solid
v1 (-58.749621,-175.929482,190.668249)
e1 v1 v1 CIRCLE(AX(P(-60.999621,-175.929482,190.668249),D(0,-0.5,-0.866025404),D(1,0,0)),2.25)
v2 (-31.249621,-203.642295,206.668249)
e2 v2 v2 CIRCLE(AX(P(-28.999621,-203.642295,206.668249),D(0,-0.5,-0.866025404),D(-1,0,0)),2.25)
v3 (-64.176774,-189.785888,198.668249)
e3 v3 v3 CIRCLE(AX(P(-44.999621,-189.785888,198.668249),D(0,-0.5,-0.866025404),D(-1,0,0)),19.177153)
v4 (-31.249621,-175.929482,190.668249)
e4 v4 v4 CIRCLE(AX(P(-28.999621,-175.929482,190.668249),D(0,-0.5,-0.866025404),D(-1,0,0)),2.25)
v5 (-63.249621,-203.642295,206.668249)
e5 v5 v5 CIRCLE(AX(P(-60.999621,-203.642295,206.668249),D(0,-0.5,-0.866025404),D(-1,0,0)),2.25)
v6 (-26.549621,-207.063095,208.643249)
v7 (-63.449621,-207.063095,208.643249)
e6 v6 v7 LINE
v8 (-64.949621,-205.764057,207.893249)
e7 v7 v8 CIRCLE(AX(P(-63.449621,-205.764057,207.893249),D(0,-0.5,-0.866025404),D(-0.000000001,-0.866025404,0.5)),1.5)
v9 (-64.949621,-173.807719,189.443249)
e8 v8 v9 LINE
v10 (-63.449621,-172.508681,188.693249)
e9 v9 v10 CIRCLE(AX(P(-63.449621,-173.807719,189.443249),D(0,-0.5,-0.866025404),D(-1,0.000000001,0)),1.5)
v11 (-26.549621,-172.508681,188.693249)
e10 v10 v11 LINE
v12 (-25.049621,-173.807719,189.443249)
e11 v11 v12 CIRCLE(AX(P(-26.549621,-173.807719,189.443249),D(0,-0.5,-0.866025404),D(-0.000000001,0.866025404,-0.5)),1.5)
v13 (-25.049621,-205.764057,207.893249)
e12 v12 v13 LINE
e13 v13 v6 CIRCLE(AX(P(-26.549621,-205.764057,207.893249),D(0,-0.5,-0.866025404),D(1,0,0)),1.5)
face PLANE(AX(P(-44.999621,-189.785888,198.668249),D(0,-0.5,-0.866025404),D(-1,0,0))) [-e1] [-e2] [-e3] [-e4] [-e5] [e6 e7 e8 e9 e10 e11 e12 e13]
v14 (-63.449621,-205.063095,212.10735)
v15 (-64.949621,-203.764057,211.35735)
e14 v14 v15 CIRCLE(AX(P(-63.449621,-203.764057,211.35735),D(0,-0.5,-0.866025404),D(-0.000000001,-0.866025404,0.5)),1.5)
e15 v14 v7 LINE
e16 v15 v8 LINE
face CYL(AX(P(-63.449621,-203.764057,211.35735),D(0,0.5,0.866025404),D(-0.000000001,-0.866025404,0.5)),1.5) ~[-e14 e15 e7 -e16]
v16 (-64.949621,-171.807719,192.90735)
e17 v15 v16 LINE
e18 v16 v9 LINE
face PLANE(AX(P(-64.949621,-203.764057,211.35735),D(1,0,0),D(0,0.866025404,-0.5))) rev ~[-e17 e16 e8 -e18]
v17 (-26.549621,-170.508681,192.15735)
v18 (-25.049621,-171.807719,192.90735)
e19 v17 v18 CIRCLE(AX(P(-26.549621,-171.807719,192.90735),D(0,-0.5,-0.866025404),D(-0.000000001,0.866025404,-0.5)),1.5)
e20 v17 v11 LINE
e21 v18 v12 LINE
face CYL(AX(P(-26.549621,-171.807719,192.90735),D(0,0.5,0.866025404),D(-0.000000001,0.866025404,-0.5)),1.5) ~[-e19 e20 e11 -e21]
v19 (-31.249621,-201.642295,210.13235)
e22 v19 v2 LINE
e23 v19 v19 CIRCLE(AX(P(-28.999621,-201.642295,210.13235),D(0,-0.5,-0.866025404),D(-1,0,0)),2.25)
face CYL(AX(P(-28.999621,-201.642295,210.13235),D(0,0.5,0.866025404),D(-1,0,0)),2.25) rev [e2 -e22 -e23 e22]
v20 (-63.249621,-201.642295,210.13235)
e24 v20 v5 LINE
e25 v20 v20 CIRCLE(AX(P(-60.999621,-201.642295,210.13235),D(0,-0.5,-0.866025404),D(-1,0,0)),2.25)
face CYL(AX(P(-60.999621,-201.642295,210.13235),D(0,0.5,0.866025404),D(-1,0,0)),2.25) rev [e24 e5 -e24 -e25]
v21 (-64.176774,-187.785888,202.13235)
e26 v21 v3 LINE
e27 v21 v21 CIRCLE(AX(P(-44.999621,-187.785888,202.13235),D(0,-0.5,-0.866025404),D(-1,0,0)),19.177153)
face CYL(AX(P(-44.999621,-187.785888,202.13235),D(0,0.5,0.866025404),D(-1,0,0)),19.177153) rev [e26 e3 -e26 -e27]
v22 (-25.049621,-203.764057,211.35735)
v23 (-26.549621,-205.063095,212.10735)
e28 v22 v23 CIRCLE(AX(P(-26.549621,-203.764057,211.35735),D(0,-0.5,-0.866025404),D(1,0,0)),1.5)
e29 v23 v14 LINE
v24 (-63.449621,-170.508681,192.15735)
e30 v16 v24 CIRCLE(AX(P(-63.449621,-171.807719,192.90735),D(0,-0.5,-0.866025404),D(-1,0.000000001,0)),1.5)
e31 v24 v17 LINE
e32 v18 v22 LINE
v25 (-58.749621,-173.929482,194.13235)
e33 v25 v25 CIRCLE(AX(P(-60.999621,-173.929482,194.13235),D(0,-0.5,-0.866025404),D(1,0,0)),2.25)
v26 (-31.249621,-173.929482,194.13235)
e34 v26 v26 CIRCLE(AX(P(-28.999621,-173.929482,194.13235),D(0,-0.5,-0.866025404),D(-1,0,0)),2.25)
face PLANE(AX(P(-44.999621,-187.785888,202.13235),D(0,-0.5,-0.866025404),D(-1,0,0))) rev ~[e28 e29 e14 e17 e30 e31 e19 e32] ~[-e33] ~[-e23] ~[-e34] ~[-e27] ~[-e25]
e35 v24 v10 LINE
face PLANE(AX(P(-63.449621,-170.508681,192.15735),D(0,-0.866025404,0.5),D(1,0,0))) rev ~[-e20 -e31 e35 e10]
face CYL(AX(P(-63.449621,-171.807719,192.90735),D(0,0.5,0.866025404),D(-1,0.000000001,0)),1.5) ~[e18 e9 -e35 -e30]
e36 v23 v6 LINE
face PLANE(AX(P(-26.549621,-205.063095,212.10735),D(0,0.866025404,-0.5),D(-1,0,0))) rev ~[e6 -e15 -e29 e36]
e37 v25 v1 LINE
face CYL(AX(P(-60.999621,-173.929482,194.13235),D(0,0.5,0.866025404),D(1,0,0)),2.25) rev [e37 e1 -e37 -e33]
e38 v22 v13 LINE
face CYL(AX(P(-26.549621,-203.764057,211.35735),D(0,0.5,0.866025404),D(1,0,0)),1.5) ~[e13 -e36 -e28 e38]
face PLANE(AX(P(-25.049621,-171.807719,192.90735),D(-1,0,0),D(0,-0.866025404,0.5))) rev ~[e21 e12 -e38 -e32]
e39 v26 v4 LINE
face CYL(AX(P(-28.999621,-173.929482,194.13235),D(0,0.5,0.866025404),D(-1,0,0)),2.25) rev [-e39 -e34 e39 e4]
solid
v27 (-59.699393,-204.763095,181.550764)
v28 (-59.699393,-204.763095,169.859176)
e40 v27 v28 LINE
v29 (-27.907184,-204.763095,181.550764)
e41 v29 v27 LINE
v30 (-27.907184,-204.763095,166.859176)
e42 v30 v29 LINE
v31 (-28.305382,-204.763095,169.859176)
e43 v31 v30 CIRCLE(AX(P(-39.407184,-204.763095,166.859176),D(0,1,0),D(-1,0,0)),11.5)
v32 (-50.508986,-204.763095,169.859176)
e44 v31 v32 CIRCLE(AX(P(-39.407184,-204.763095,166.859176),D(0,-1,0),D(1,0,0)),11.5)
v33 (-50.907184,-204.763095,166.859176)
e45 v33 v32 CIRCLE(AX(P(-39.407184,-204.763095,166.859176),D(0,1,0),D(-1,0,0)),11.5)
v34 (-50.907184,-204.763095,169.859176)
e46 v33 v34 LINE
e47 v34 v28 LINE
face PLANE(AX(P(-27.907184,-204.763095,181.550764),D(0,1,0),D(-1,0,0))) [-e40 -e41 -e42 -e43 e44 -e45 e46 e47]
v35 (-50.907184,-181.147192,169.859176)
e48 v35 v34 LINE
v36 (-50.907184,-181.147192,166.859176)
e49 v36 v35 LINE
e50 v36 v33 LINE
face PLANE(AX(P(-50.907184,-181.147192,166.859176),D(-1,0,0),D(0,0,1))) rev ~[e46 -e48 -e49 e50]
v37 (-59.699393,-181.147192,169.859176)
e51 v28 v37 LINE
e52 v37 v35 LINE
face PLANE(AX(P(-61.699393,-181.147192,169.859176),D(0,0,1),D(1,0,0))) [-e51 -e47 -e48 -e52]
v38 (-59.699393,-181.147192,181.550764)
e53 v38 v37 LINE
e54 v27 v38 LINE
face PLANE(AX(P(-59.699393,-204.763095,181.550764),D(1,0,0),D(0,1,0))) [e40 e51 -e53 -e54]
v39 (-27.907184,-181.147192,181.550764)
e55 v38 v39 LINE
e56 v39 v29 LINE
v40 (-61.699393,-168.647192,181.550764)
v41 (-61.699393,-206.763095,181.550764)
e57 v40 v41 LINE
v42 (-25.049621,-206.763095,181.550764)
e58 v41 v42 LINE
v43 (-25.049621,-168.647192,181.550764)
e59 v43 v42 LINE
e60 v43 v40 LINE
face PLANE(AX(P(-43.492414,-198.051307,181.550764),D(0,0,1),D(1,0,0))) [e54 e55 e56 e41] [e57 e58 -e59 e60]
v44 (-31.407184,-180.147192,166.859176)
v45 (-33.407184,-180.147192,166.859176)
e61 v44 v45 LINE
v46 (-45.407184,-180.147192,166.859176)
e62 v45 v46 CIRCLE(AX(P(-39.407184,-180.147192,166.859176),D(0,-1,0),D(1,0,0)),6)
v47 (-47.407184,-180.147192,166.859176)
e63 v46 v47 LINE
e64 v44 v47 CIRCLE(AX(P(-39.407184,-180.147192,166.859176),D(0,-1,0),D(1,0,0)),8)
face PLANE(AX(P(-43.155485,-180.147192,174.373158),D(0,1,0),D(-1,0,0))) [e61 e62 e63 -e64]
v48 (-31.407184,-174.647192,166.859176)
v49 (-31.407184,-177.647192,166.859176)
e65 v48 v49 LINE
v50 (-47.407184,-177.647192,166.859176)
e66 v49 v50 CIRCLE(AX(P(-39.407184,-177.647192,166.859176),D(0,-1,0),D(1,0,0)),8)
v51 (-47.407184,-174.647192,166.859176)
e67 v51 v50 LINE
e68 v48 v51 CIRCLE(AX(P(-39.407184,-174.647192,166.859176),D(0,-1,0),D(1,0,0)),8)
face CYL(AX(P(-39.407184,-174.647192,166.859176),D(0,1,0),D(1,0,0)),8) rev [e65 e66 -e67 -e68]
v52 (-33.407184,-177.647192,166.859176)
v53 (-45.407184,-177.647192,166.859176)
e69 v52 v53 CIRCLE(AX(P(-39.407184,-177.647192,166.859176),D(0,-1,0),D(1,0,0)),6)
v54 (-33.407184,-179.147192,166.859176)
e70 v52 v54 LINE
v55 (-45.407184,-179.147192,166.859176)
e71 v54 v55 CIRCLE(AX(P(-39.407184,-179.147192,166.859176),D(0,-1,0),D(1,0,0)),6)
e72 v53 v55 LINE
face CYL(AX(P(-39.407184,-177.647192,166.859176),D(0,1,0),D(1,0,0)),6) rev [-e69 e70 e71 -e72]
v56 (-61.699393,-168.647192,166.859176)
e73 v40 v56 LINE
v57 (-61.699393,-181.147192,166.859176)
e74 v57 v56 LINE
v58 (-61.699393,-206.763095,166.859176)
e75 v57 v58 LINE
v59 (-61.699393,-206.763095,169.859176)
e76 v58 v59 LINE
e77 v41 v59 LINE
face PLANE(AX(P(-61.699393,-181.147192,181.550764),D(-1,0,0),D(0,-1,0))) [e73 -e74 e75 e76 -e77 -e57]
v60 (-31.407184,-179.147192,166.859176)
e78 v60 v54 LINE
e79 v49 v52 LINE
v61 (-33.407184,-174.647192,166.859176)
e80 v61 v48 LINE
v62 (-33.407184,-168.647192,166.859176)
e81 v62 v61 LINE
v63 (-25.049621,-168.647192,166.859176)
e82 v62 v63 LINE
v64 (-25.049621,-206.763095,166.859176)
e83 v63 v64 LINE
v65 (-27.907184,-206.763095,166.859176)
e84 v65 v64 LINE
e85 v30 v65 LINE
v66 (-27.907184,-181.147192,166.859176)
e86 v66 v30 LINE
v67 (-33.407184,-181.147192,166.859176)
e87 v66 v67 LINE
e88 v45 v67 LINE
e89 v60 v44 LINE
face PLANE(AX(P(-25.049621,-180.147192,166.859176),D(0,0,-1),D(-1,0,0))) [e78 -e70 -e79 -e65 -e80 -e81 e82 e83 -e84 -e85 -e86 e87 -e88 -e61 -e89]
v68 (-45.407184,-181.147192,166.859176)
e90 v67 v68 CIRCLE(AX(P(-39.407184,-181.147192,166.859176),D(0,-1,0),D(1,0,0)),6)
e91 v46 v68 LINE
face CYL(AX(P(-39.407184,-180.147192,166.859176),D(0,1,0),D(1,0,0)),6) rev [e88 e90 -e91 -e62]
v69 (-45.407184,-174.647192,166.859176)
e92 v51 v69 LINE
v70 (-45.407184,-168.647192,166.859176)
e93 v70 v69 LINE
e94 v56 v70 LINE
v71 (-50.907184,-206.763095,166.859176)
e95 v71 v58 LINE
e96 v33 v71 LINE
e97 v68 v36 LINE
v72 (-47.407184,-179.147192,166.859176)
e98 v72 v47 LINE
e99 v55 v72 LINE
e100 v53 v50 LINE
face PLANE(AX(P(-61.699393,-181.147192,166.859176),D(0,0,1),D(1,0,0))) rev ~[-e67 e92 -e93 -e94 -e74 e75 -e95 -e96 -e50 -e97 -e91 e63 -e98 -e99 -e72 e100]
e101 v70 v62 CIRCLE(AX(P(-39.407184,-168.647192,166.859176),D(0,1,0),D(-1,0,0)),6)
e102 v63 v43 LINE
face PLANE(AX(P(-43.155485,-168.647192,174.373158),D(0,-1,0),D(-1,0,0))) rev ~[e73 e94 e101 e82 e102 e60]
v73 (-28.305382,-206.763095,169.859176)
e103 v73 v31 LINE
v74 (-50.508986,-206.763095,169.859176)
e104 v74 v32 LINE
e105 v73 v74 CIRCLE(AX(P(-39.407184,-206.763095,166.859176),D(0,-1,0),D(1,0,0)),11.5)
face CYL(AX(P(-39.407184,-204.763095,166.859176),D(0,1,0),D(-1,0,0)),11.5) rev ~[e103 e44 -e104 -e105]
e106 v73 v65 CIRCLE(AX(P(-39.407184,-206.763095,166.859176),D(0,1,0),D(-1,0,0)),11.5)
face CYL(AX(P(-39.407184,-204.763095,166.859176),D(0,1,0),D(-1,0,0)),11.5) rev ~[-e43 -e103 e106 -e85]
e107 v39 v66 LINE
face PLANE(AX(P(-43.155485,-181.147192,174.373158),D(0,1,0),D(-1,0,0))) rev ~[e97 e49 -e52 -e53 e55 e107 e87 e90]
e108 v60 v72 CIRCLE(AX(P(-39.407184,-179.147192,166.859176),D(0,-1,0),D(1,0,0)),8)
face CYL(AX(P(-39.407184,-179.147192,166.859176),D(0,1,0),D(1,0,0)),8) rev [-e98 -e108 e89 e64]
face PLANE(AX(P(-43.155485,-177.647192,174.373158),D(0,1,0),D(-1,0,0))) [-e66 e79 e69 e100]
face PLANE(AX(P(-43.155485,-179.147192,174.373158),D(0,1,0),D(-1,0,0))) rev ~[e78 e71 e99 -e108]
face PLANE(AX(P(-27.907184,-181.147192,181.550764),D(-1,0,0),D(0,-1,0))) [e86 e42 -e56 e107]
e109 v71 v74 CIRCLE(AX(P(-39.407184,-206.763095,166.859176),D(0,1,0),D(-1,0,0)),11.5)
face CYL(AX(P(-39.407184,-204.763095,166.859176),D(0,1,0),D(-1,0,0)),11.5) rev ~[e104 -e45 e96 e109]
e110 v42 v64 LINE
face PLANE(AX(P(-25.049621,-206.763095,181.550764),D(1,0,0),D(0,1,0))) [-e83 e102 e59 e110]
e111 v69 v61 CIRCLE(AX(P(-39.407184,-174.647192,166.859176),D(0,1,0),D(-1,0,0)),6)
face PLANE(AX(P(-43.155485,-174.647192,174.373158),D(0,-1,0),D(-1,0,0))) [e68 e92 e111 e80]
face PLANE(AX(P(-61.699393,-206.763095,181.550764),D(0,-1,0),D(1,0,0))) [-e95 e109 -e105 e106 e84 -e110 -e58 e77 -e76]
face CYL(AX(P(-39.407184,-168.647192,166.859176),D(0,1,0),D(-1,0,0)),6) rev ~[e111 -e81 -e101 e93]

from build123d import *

# Parameters (mm, degrees)
BOSS_EXTRUDE1_DEPTH = 6
BOSS_EXTRUDE2_DEPTH = 3
BOSS_EXTRUDE3_DEPTH = 1.5
BOSS_EXTRUDE4_DEPTH = 1
BOSS_EXTRUDE5_DEPTH = 1
SKETCH6_W           = 10.792208911
SKETCH6_H           = 3
SKETCH6_W_2         = 2.857563286
BOSS_EXTRUDE6_DEPTH = 25.615903
BOSS_EXTRUDE7_START = -2
BOSS_EXTRUDE7_DEPTH = 2
BOSS_EXTRUDE8_DEPTH = 11.691588
CUT_EXTRUDE1_DEPTH  = 2
SKETCH10_R          = 19.177152658
BOSS_EXTRUDE9_DEPTH = 4


with BuildPart() as part:
    # Sketch1 → Boss-Extrude1 (new body)
    with BuildSketch(Plane(origin=(0, -168.647191902, 0), x_dir=(1, 0, 0), z_dir=(0, 1, 0))):
        with BuildLine():
            Line((-33.407184222, -166.859176326), (-25.049620936, -166.859176326))
            Line((-25.049620936, -166.859176326), (-25.049620936, -172.050763846))
            Line((-25.049620936, -172.050763846), (-25.049620936, -181.550763846))
            Line((-25.049620936, -181.550763846), (-61.699393133, -181.550763846))
            Line((-61.699393133, -181.550763846), (-61.699393133, -166.859176326))
            Line((-61.699393133, -166.859176326), (-45.407184222, -166.859176326))
            ThreePointArc((-45.407184222, -166.859176326), (-39.407184222, -172.859176326), (-33.407184222, -166.859176326))
        make_face()
    extrude(amount=-BOSS_EXTRUDE1_DEPTH)

    # Sketch2 → Boss-Extrude2 (add)
    with BuildSketch(Plane.XZ.offset(174.647191902)):
        with BuildLine():
            Line((-47.407184222, 166.859176326), (-61.699393133, 166.859176326))
            Line((-61.699393133, 166.859176326), (-61.699393133, 181.550763846))
            Line((-61.699393133, 181.550763846), (-25.049620936, 181.550763846))
            Line((-25.049620936, 181.550763846), (-25.049620936, 166.859176326))
            Line((-25.049620936, 166.859176326), (-31.407184222, 166.859176326))
            ThreePointArc((-31.407184222, 166.859176326), (-39.407184222, 174.859176326), (-47.407184222, 166.859176326))
        make_face()
    extrude(amount=BOSS_EXTRUDE2_DEPTH)

    # Sketch3 → Boss-Extrude3 (add)
    with BuildSketch(Plane.XZ.offset(177.647191902)):
        with BuildLine():
            Line((-45.407184222, 166.859176326), (-61.699393133, 166.859176326))
            Line((-61.699393133, 166.859176326), (-61.699393133, 181.550763846))
            Line((-61.699393133, 181.550763846), (-25.049620936, 181.550763846))
            Line((-25.049620936, 181.550763846), (-25.049620936, 166.859176326))
            Line((-25.049620936, 166.859176326), (-33.407184222, 166.859176326))
            ThreePointArc((-33.407184222, 166.859176326), (-39.407184222, 172.859176326), (-45.407184222, 166.859176326))
        make_face()
    extrude(amount=BOSS_EXTRUDE3_DEPTH)

    # Sketch4 → Boss-Extrude4 (add)
    with BuildSketch(Plane.XZ.offset(179.147191902)):
        with BuildLine():
            Line((-47.407184222, 166.859176326), (-61.699393133, 166.859176326))
            Line((-61.699393133, 166.859176326), (-61.699393133, 181.550763846))
            Line((-61.699393133, 181.550763846), (-25.049620936, 181.550763846))
            Line((-25.049620936, 181.550763846), (-25.049620936, 166.859176326))
            Line((-25.049620936, 166.859176326), (-31.407184222, 166.859176326))
            ThreePointArc((-31.407184222, 166.859176326), (-39.407184222, 174.859176326), (-47.407184222, 166.859176326))
        make_face()
    extrude(amount=BOSS_EXTRUDE4_DEPTH)

    # Sketch5 → Boss-Extrude5 (add)
    with BuildSketch(Plane.XZ.offset(180.147191902)):
        with BuildLine():
            Line((-45.407184222, 166.859176326), (-61.699393133, 166.859176326))
            Line((-61.699393133, 166.859176326), (-61.699393133, 181.550763846))
            Line((-61.699393133, 181.550763846), (-25.049620936, 181.550763846))
            Line((-25.049620936, 181.550763846), (-25.049620936, 166.859176326))
            Line((-25.049620936, 166.859176326), (-33.407184222, 166.859176326))
            ThreePointArc((-33.407184222, 166.859176326), (-39.407184222, 172.859176326), (-45.407184222, 166.859176326))
        make_face()
    extrude(amount=BOSS_EXTRUDE5_DEPTH)

    # Sketch6 → Boss-Extrude6 (add)
    with BuildSketch(Plane.XZ.offset(181.147191902)):
        with Locations((-56.303288678, 168.359176326)):
            Rectangle(SKETCH6_W, SKETCH6_H)
        with Locations((-26.478402579, 168.359176326)):
            Rectangle(SKETCH6_W_2, SKETCH6_H)
    extrude(amount=BOSS_EXTRUDE6_DEPTH)

    # Sketch7 → Boss-Extrude7 (add)
    with BuildSketch(Plane.XZ.offset(206.763094952).offset(BOSS_EXTRUDE7_START)):
        with BuildLine():
            Line((-53.764747509, 166.859176326), (-50.907184222, 166.859176326))
            ThreePointArc((-50.907184222, 166.859176326), (-39.407184222, 178.359176326), (-27.907184222, 166.859176326))
            Line((-27.907184222, 166.859176326), (-25.049620936, 166.859176326))
            ThreePointArc((-25.049620936, 166.859176326), (-39.407184222, 181.216739613), (-53.764747509, 166.859176326))
        make_face()
    extrude(amount=BOSS_EXTRUDE7_DEPTH)

    # Sketch8 → Boss-Extrude8 (add)
    with BuildSketch(Plane.XY.offset(181.550763846)):
        Polygon((-25.366542373, -206.763094952), (-25.049620936, -206.763094952), (-25.049620936, -181.147191902), (-27.907184222, -181.147191902), (-27.907184222, -204.763094952), (-50.907184222, -204.763094952), (-59.699393133, -204.763094952), (-59.699393133, -181.147191902), (-61.699393133, -181.147191902), (-61.699393133, -206.763094952), (-53.447826071, -206.763094952), align=None)
    extrude(amount=-BOSS_EXTRUDE8_DEPTH)

    # Sketch9 → Cut-Extrude1 (cut)
    with BuildSketch(Plane.XZ.offset(206.763094952)):
        with BuildLine():
            Line((-50.907184222, 166.859176326), (-27.907184222, 166.859176326))
            ThreePointArc((-27.907184222, 166.859176326), (-39.407184222, 178.359176326), (-50.907184222, 166.859176326))
        make_face()
    extrude(amount=-CUT_EXTRUDE1_DEPTH, mode=Mode.SUBTRACT)


with BuildPart() as body_2:
    # Sketch10 → Boss-Extrude9 (new body)
    with BuildSketch(Plane(origin=(0, 40.579403079, 70.285587874), x_dir=(-1, 0, 0), z_dir=(0, -0.5, -0.866025404))):
        with BuildLine():
            Line((26.549620936, -283.643524725), (63.449620936, -283.643524725))
            ThreePointArc((63.449620936, -283.643524725), (64.510281107, -283.204184897), (64.949620936, -282.143524725))
            Line((64.949620936, -282.143524725), (64.949620936, -245.243524725))
            ThreePointArc((64.949620936, -245.243524725), (64.510281107, -244.182864553), (63.449620936, -243.743524725))
            Line((63.449620936, -243.743524725), (26.549620936, -243.743524725))
            ThreePointArc((26.549620936, -243.743524725), (25.488960764, -244.182864553), (25.049620936, -245.243524725))
            Line((25.049620936, -245.243524725), (25.049620936, -282.143524725))
            ThreePointArc((25.049620936, -282.143524725), (25.488960764, -283.204184897), (26.549620936, -283.643524725))
        make_face()
        with Locations((44.999620936, -263.693524725)):
            Circle(SKETCH10_R, mode=Mode.SUBTRACT)
        with BuildLine():
            ThreePointArc((26.749620936, -279.693524725), (28.999620936, -281.943524725), (31.249620936, -279.693524725))
            ThreePointArc((31.249620936, -279.693524725), (28.999620936, -277.443524725), (26.749620936, -279.693524725))
        make_face(mode=Mode.SUBTRACT)
        with BuildLine():
            ThreePointArc((58.749620936, -279.693524725), (60.999620936, -281.943524725), (63.249620936, -279.693524725))
            ThreePointArc((63.249620936, -279.693524725), (60.999620936, -277.443524725), (58.749620936, -279.693524725))
        make_face(mode=Mode.SUBTRACT)
        with BuildLine():
            ThreePointArc((26.749620936, -247.693524725), (28.999620936, -249.943524725), (31.249620936, -247.693524725))
            ThreePointArc((31.249620936, -247.693524725), (28.999620936, -245.443524725), (26.749620936, -247.693524725))
        make_face(mode=Mode.SUBTRACT)
        with BuildLine():
            ThreePointArc((63.249620936, -247.693524725), (60.999620936, -245.443524725), (58.749620936, -247.693524725))
            ThreePointArc((58.749620936, -247.693524725), (60.999620936, -249.943524725), (63.249620936, -247.693524725))
        make_face(mode=Mode.SUBTRACT)
    extrude(amount=BOSS_EXTRUDE9_DEPTH)


solid = Compound([part.part, body_2.part])
